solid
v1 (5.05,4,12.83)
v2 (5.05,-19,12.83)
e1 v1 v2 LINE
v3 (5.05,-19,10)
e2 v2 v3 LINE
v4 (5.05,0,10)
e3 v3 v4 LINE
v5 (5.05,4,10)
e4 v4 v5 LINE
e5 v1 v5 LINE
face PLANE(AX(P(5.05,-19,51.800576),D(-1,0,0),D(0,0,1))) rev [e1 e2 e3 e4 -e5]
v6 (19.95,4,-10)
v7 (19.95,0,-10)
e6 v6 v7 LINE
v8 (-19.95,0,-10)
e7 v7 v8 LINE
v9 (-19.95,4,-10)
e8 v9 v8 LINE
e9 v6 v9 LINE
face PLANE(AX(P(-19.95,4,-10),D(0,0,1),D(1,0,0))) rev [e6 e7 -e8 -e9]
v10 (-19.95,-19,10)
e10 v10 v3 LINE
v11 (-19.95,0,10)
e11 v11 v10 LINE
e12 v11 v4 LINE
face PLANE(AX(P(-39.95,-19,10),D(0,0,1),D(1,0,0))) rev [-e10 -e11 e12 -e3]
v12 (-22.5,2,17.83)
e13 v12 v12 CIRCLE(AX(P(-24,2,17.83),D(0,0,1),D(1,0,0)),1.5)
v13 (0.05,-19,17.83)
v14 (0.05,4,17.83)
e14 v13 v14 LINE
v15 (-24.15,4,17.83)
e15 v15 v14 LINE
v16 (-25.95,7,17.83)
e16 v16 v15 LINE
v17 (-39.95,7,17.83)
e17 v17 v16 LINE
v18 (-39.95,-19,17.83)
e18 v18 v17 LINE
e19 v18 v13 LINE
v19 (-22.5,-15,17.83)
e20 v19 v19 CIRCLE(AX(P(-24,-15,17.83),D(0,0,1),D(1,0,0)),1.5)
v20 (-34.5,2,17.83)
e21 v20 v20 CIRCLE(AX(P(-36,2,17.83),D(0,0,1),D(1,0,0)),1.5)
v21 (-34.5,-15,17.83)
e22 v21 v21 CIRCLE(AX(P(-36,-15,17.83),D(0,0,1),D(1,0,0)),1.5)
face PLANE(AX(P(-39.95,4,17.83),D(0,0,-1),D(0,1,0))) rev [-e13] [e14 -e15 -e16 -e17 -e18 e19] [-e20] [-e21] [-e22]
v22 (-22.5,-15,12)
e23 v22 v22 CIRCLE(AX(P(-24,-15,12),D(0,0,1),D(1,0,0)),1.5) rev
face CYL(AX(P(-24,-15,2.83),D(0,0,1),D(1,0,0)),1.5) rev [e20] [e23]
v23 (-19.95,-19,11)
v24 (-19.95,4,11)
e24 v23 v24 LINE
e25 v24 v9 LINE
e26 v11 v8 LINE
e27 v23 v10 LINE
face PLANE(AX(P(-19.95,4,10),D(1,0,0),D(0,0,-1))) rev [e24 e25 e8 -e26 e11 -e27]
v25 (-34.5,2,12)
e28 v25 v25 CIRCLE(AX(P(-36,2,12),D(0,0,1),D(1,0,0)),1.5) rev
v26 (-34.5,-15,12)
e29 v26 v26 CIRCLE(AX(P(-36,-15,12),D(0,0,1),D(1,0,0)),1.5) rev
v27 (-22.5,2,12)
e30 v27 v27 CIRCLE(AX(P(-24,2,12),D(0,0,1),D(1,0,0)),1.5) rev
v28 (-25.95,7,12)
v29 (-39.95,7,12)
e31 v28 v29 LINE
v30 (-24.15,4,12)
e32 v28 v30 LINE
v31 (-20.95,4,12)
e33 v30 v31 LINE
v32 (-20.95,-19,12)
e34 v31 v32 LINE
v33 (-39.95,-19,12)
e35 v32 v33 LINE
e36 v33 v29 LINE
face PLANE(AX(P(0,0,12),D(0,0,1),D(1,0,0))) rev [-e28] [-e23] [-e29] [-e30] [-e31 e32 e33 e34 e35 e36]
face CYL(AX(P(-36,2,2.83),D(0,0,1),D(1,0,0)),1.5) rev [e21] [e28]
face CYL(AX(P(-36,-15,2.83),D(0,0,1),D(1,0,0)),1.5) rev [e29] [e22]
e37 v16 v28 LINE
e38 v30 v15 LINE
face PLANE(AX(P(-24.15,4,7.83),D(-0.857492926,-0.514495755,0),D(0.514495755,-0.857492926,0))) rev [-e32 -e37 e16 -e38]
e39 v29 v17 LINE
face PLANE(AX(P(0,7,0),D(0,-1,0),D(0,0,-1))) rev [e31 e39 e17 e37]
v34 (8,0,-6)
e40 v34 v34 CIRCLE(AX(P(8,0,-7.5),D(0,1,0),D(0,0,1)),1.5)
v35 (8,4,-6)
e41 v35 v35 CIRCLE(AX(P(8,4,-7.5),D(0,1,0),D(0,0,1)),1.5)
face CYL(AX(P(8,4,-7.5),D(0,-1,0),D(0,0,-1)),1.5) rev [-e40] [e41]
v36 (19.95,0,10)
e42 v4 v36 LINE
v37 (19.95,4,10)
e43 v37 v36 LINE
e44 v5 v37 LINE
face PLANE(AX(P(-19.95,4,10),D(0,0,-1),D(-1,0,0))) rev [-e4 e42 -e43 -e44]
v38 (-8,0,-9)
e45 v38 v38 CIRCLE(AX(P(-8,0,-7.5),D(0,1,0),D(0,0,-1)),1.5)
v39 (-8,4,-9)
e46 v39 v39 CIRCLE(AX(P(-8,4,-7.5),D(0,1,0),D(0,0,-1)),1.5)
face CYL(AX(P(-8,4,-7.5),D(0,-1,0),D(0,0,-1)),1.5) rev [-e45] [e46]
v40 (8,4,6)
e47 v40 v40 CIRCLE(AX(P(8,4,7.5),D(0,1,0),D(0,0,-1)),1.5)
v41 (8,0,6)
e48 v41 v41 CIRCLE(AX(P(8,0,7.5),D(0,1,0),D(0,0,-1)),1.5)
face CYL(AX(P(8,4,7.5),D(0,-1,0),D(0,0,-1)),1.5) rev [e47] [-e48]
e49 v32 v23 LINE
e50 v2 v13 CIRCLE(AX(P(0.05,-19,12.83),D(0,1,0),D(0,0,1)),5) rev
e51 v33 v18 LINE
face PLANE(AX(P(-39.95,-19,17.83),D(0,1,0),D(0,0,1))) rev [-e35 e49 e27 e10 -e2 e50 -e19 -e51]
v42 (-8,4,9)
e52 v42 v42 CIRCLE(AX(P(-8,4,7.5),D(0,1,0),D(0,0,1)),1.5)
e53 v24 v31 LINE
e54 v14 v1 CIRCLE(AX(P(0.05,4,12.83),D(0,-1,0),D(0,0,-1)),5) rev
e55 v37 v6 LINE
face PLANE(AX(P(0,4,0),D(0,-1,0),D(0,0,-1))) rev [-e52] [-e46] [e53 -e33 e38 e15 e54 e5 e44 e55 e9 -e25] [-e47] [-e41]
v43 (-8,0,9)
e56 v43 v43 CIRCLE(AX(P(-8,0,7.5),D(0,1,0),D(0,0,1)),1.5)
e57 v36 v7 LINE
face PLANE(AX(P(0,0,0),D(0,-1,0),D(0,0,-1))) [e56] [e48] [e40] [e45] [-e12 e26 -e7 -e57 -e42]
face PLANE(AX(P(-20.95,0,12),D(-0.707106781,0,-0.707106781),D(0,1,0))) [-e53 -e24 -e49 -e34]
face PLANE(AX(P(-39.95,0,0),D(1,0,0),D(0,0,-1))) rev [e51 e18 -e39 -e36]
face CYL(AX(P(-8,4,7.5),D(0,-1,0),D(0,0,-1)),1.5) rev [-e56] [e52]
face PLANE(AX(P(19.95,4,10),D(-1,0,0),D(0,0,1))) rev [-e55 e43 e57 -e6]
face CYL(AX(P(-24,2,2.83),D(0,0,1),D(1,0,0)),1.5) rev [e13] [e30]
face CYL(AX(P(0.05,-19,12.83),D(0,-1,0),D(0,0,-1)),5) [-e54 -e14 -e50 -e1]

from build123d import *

# Parameters (mm, degrees)
SKETCH_1_W          = 39.9
SKETCH_1_H          = 20
SKETCH_1_R          = 1.5
EXTRUDE_1_DEPTH     = 4
EXTRUDE_4_DEPTH     = 20
SKETCH_7_R          = 1.5
CUT_EXTRUDE_3_DEPTH = 15
SKETCH_8_W          = 25
SKETCH_8_H          = 23
EXTRUDE_5_DEPTH     = 7.83
SKETCH_9_W          = 20
SKETCH_9_H          = 4
CUT_EXTRUDE_4_DEPTH = 20
FILLET_1_R          = 5
SKETCH_12_W         = 20
SKETCH_12_H         = 23
CUT_EXTRUDE_5_DEPTH = 2
SKETCH_14_W         = 20
SKETCH_14_H         = 5.83
EXTRUDE_6_DEPTH     = 3
CHAMFER_1_SIZE      = 1
CUT_EXTRUDE_6_DEPTH = 10


with BuildPart() as part:
    # 草图1 → 凸台-拉伸1 (new body)
    with BuildSketch(Plane(origin=(0, 0, 0), x_dir=(1, 0, 0), z_dir=(0, 1, 0))):
        Rectangle(SKETCH_1_W, SKETCH_1_H)
        with Locations(Location((8, 7.5, 0), (0, 0, 270))):
            Circle(SKETCH_1_R, mode=Mode.SUBTRACT)
        with Locations(Location((8, -7.5, 0), (0, 0, 90))):
            Circle(SKETCH_1_R, mode=Mode.SUBTRACT)
        with Locations(Location((-8, -7.5, 0), (0, 0, 270))):
            Circle(SKETCH_1_R, mode=Mode.SUBTRACT)
        with Locations(Location((-8, 7.5, 0), (0, 0, 90))):
            Circle(SKETCH_1_R, mode=Mode.SUBTRACT)
    extrude(amount=EXTRUDE_1_DEPTH)

    # 草图6 → 凸台-拉伸4 (add)
    with BuildSketch(Plane.ZY.offset(19.95)):
        Polygon((-10, 4), (10, 4), (17.83, 4), (17.83, -19), (10, -19), (10, 0), (-10, 0), align=None)
    extrude(amount=EXTRUDE_4_DEPTH)

    # 草图7 → 切除-拉伸3 (cut)
    with BuildSketch(Plane.XY.offset(17.83)):
        with Locations((-36, 2)):
            Circle(SKETCH_7_R)
        with Locations((-24, 2)):
            Circle(SKETCH_7_R)
        with Locations((-36, -15)):
            Circle(SKETCH_7_R)
        with Locations((-24, -15)):
            Circle(SKETCH_7_R)
    extrude(amount=-CUT_EXTRUDE_3_DEPTH, mode=Mode.SUBTRACT)

    # 草图8 → 凸台-拉伸5 (add)
    with BuildSketch(Plane.XY.offset(10)):
        with Locations((-7.45, -7.5)):
            Rectangle(SKETCH_8_W, SKETCH_8_H)
    extrude(amount=EXTRUDE_5_DEPTH)

    # 草图9 → 切除-拉伸4 (cut)
    with BuildSketch(Plane(origin=(0, 0, -10), x_dir=(-1, 0, 0), z_dir=(0, 0, -1))):
        with Locations((29.95, 2)):
            Rectangle(SKETCH_9_W, SKETCH_9_H)
    extrude(amount=-CUT_EXTRUDE_4_DEPTH, mode=Mode.SUBTRACT)

    # 圆角1
    fillet_1_edges = [part.edges().sort_by_distance(p)[0] for p in [
        (5.05, -7.5, 17.83),
    ]]
    fillet(fillet_1_edges, radius=FILLET_1_R)

    # 草图12 → 切除-拉伸5 (cut)
    with BuildSketch(Plane(origin=(0, 0, 10), x_dir=(-1, 0, 0), z_dir=(0, 0, -1))):
        with Locations((29.95, -7.5)):
            Rectangle(SKETCH_12_W, SKETCH_12_H)
    extrude(amount=-CUT_EXTRUDE_5_DEPTH, mode=Mode.SUBTRACT)

    # 草图14 → 凸台-拉伸6 (add)
    with BuildSketch(Plane(origin=(0, 4, 0), x_dir=(1, 0, 0), z_dir=(0, 1, 0))):
        with Locations((-29.95, -14.915)):
            Rectangle(SKETCH_14_W, SKETCH_14_H)
    extrude(amount=EXTRUDE_6_DEPTH)

    # 倒角1
    chamfer_1_edges = [part.edges().sort_by_distance(p)[0] for p in [
        (-19.95, -7.5, 12),
    ]]
    chamfer(chamfer_1_edges, length=CHAMFER_1_SIZE)

    # 草图16 → 切除-拉伸6 (cut)
    with BuildSketch(Plane.XY.offset(17.83)):
        Polygon((-19.95, 4), (-24.15, 4), (-25.95, 7), (-19.95, 7), align=None)
    extrude(amount=-CUT_EXTRUDE_6_DEPTH, mode=Mode.SUBTRACT)


solid = part.part
